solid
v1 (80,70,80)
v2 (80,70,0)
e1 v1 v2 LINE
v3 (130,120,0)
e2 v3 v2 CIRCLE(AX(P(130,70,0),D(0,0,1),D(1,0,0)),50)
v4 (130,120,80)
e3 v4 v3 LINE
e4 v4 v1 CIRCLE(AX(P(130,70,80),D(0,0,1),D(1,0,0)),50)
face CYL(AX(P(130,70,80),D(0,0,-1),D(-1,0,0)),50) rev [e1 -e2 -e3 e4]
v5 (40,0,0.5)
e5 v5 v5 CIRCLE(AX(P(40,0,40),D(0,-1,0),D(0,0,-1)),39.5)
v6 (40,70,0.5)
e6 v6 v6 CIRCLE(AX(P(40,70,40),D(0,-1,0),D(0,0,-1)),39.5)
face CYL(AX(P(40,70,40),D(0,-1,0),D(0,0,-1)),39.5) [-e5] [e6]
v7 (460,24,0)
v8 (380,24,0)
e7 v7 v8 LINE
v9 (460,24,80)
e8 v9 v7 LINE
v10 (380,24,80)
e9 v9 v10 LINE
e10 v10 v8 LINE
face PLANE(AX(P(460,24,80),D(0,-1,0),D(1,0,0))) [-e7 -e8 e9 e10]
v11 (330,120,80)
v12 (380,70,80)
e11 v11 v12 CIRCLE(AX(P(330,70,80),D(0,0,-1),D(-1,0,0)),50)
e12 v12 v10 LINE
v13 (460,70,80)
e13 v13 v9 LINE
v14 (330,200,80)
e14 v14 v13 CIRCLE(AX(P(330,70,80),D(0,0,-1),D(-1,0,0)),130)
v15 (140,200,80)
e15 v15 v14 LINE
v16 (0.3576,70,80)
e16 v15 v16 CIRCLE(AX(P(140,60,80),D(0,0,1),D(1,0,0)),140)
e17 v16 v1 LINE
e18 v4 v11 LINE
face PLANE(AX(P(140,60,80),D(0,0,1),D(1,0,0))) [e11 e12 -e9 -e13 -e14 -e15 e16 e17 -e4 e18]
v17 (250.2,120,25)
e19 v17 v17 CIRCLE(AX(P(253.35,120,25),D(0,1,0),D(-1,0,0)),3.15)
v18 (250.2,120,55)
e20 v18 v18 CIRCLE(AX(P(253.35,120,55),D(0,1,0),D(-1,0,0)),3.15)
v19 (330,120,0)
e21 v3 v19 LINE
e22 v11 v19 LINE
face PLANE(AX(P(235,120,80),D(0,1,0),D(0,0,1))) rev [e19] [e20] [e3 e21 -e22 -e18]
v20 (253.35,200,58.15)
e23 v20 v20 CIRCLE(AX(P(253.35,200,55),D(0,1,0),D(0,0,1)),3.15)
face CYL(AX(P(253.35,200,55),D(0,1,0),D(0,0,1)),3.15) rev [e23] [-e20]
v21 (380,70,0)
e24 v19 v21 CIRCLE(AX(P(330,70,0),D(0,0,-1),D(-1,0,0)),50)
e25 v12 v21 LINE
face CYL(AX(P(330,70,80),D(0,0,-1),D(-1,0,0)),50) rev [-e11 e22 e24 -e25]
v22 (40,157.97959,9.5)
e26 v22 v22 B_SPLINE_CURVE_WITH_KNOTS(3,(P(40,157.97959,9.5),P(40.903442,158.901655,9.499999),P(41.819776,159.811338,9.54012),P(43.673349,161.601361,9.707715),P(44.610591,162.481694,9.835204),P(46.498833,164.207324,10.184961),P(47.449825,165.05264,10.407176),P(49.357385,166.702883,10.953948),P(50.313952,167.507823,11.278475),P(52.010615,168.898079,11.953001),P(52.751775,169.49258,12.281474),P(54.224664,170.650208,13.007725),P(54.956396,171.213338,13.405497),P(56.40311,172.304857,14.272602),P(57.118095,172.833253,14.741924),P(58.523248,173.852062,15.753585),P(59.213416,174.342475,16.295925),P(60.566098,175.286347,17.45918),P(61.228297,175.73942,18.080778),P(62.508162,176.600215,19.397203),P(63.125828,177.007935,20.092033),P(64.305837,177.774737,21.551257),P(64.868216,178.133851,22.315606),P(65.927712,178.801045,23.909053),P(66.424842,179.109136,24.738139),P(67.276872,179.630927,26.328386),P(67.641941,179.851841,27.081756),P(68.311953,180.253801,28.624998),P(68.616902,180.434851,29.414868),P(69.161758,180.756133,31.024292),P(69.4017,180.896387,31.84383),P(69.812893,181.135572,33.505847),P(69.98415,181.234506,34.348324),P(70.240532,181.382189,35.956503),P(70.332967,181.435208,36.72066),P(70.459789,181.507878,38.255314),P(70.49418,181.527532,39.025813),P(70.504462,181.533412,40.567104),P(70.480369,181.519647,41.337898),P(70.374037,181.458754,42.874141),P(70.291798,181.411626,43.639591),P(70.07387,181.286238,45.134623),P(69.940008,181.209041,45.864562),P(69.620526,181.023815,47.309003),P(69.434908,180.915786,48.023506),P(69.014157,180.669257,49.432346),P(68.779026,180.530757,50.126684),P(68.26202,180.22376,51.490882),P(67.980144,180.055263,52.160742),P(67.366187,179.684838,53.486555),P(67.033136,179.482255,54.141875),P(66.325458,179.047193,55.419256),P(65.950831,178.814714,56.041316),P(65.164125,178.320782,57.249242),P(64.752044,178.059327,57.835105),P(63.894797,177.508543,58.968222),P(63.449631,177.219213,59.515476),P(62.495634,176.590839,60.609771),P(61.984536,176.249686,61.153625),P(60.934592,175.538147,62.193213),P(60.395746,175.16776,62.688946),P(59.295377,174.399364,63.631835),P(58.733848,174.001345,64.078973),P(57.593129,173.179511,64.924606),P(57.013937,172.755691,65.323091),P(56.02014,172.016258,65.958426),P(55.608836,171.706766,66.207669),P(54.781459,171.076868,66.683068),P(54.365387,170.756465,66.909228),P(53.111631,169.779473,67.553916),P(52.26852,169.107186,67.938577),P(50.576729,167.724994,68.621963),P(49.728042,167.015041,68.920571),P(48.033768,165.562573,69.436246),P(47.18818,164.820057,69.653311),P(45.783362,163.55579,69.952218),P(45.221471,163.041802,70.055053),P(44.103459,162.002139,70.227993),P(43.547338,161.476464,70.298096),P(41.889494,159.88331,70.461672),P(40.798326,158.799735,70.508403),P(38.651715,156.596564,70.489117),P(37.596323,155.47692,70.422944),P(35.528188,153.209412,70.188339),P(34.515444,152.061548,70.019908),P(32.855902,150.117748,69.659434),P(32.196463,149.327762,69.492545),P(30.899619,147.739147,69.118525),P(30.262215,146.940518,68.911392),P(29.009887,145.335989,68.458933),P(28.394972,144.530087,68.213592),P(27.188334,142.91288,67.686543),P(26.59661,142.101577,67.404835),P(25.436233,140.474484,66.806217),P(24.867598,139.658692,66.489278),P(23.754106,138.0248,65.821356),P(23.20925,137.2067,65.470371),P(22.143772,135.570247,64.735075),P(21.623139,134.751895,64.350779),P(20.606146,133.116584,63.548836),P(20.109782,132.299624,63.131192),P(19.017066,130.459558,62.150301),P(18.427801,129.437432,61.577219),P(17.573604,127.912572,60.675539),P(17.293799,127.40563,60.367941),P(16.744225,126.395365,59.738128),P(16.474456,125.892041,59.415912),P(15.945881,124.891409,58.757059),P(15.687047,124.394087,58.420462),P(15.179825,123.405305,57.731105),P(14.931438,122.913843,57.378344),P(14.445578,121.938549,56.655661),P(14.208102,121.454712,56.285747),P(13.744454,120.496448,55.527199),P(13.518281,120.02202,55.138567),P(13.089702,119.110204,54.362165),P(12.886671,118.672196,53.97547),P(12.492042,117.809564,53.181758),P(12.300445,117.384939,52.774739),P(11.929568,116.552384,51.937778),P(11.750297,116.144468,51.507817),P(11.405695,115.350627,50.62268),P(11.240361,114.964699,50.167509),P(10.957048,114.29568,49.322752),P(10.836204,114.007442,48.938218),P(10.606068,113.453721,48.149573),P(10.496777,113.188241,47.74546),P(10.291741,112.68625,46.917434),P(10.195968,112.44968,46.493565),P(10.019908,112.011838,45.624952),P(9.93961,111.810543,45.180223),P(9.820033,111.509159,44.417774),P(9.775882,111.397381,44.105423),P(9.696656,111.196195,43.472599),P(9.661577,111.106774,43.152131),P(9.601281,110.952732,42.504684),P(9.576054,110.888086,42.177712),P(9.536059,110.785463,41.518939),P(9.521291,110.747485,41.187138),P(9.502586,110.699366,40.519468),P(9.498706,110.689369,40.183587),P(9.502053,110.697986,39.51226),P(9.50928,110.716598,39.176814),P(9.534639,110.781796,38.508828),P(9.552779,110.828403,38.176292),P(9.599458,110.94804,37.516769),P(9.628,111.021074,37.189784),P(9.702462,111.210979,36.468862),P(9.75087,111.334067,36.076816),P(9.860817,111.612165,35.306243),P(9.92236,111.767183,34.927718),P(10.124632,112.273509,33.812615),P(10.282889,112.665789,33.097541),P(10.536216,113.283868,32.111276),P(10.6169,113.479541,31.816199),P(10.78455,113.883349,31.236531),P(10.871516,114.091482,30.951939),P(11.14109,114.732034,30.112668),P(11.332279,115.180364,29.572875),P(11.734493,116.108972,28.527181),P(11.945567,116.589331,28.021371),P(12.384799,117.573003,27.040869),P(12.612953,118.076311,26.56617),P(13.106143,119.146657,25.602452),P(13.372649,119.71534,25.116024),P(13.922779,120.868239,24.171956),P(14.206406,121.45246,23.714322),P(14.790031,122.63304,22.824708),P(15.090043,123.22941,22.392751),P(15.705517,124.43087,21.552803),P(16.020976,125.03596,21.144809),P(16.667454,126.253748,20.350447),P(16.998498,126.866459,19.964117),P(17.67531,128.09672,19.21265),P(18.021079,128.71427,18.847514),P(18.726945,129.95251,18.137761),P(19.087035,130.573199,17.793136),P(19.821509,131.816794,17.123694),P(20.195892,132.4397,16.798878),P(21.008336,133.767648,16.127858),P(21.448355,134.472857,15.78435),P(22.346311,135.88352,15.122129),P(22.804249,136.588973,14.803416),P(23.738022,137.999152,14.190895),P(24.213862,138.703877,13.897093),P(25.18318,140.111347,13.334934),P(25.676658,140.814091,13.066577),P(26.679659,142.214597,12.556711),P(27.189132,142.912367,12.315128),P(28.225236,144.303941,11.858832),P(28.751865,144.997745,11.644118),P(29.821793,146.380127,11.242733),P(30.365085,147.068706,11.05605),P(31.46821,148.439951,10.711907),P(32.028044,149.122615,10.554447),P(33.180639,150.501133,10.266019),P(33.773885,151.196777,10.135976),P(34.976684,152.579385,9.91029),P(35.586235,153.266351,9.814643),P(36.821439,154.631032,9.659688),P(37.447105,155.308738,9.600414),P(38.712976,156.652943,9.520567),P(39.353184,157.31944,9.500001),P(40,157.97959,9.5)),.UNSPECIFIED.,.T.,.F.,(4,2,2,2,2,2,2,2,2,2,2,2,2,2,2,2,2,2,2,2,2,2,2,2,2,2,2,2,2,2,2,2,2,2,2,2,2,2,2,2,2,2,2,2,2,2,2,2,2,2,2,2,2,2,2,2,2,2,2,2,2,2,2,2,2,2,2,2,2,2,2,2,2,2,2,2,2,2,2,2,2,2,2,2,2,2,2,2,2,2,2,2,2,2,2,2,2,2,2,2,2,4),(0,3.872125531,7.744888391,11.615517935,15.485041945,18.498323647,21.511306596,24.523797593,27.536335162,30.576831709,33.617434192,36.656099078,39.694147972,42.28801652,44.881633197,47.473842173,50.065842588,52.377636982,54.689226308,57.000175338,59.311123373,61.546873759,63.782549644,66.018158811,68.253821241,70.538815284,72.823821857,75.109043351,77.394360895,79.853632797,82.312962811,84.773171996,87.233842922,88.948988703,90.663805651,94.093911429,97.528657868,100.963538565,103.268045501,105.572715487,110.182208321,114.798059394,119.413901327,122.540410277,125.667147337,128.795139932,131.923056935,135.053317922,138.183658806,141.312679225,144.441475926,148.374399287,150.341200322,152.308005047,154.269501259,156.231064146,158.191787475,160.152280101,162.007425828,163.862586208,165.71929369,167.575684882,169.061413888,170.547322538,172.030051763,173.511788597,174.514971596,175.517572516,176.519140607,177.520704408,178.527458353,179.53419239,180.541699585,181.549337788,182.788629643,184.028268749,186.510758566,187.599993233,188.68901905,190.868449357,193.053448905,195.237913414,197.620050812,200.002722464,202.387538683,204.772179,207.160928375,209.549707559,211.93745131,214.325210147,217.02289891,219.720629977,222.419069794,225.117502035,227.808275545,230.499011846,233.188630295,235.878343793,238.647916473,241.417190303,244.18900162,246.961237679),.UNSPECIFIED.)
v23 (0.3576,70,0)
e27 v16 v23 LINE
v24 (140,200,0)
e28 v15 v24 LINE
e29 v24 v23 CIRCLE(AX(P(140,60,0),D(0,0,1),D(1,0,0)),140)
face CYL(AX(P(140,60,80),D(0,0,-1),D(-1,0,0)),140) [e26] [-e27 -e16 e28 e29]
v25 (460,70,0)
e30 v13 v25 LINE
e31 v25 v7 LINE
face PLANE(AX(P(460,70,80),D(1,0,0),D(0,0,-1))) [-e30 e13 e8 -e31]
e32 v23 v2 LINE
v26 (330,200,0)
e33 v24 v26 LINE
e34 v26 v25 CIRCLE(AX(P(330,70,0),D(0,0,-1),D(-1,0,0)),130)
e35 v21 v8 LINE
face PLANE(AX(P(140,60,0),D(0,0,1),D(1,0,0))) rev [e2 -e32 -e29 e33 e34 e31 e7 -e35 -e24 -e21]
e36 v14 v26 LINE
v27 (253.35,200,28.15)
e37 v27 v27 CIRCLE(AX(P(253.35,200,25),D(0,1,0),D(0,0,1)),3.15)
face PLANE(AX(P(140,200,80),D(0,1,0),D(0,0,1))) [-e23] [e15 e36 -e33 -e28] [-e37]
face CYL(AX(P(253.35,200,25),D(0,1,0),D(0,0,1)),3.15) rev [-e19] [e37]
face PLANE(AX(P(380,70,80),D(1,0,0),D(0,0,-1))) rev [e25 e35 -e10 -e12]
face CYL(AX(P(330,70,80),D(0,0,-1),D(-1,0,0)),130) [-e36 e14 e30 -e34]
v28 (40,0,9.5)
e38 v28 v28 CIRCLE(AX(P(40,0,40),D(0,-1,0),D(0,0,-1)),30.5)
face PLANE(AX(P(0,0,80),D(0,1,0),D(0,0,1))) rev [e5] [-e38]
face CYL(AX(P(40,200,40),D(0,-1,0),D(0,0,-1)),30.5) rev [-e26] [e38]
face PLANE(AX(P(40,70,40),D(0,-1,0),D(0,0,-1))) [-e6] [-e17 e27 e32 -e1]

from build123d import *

# Parameters (mm, degrees)
BOSS_EXTRUDE1_DEPTH     = 80
SKETCH5_R               = 59.5
SKETCH5_R_2             = 39.5
CUT_EXTRUDE_THIN2_DEPTH = 70
SKETCH6_R               = 30.5
CUT_EXTRUDE9_DEPTH      = 508.937003968
F_3_0MM_DOWEL_HOLE1_D   = 6.3


with BuildPart() as part:
    # Sketch1 → Boss-Extrude1 (new body)
    with BuildSketch(Plane.XY):
        with BuildLine():
            Line((0, 0), (80, 0))
            Line((80, 0), (80, 70))
            ThreePointArc((80, 70), (94.644660941, 105.355339059), (130, 120))
            Line((130, 120), (235, 120))
            Line((235, 120), (330, 120))
            ThreePointArc((330, 120), (365.355339059, 105.355339059), (380, 70))
            Line((380, 70), (380, 24))
            Line((380, 24), (460, 24))
            Line((460, 24), (460, 70))
            ThreePointArc((460, 70), (421.923881554, 161.923881554), (330, 200))
            Line((330, 200), (140, 200))
            ThreePointArc((140, 200), (41.005050634, 158.994949366), (0, 60))
            Line((0, 60), (0, 0))
        make_face()
    extrude(amount=BOSS_EXTRUDE1_DEPTH)

    # Sketch5 → Cut-Extrude-Thin2 (cut)
    with BuildSketch(Plane.XZ):
        with Locations((40, 40)):
            Circle(SKETCH5_R)
        with Locations((40, 40)):
            Circle(SKETCH5_R_2, mode=Mode.SUBTRACT)
    extrude(amount=-CUT_EXTRUDE_THIN2_DEPTH, mode=Mode.SUBTRACT)

    # Sketch6 → Cut-Extrude9 (cut, through all)
    with BuildSketch(Plane.XZ):
        with Locations(Location((40, 40, 0), (0, 0, 270))):
            Circle(SKETCH6_R)
    extrude(amount=-CUT_EXTRUDE9_DEPTH, mode=Mode.SUBTRACT)

    # Ø3.0mm Dowel Hole1 (through all)
    with Locations(Plane(origin=(253.35, 200, 55), x_dir=(0, 0, 1), z_dir=(0, 1, 0))):
        with Locations((0, 0), (-30, 0)):
            Hole(F_3_0MM_DOWEL_HOLE1_D / 2)


solid = part.part
